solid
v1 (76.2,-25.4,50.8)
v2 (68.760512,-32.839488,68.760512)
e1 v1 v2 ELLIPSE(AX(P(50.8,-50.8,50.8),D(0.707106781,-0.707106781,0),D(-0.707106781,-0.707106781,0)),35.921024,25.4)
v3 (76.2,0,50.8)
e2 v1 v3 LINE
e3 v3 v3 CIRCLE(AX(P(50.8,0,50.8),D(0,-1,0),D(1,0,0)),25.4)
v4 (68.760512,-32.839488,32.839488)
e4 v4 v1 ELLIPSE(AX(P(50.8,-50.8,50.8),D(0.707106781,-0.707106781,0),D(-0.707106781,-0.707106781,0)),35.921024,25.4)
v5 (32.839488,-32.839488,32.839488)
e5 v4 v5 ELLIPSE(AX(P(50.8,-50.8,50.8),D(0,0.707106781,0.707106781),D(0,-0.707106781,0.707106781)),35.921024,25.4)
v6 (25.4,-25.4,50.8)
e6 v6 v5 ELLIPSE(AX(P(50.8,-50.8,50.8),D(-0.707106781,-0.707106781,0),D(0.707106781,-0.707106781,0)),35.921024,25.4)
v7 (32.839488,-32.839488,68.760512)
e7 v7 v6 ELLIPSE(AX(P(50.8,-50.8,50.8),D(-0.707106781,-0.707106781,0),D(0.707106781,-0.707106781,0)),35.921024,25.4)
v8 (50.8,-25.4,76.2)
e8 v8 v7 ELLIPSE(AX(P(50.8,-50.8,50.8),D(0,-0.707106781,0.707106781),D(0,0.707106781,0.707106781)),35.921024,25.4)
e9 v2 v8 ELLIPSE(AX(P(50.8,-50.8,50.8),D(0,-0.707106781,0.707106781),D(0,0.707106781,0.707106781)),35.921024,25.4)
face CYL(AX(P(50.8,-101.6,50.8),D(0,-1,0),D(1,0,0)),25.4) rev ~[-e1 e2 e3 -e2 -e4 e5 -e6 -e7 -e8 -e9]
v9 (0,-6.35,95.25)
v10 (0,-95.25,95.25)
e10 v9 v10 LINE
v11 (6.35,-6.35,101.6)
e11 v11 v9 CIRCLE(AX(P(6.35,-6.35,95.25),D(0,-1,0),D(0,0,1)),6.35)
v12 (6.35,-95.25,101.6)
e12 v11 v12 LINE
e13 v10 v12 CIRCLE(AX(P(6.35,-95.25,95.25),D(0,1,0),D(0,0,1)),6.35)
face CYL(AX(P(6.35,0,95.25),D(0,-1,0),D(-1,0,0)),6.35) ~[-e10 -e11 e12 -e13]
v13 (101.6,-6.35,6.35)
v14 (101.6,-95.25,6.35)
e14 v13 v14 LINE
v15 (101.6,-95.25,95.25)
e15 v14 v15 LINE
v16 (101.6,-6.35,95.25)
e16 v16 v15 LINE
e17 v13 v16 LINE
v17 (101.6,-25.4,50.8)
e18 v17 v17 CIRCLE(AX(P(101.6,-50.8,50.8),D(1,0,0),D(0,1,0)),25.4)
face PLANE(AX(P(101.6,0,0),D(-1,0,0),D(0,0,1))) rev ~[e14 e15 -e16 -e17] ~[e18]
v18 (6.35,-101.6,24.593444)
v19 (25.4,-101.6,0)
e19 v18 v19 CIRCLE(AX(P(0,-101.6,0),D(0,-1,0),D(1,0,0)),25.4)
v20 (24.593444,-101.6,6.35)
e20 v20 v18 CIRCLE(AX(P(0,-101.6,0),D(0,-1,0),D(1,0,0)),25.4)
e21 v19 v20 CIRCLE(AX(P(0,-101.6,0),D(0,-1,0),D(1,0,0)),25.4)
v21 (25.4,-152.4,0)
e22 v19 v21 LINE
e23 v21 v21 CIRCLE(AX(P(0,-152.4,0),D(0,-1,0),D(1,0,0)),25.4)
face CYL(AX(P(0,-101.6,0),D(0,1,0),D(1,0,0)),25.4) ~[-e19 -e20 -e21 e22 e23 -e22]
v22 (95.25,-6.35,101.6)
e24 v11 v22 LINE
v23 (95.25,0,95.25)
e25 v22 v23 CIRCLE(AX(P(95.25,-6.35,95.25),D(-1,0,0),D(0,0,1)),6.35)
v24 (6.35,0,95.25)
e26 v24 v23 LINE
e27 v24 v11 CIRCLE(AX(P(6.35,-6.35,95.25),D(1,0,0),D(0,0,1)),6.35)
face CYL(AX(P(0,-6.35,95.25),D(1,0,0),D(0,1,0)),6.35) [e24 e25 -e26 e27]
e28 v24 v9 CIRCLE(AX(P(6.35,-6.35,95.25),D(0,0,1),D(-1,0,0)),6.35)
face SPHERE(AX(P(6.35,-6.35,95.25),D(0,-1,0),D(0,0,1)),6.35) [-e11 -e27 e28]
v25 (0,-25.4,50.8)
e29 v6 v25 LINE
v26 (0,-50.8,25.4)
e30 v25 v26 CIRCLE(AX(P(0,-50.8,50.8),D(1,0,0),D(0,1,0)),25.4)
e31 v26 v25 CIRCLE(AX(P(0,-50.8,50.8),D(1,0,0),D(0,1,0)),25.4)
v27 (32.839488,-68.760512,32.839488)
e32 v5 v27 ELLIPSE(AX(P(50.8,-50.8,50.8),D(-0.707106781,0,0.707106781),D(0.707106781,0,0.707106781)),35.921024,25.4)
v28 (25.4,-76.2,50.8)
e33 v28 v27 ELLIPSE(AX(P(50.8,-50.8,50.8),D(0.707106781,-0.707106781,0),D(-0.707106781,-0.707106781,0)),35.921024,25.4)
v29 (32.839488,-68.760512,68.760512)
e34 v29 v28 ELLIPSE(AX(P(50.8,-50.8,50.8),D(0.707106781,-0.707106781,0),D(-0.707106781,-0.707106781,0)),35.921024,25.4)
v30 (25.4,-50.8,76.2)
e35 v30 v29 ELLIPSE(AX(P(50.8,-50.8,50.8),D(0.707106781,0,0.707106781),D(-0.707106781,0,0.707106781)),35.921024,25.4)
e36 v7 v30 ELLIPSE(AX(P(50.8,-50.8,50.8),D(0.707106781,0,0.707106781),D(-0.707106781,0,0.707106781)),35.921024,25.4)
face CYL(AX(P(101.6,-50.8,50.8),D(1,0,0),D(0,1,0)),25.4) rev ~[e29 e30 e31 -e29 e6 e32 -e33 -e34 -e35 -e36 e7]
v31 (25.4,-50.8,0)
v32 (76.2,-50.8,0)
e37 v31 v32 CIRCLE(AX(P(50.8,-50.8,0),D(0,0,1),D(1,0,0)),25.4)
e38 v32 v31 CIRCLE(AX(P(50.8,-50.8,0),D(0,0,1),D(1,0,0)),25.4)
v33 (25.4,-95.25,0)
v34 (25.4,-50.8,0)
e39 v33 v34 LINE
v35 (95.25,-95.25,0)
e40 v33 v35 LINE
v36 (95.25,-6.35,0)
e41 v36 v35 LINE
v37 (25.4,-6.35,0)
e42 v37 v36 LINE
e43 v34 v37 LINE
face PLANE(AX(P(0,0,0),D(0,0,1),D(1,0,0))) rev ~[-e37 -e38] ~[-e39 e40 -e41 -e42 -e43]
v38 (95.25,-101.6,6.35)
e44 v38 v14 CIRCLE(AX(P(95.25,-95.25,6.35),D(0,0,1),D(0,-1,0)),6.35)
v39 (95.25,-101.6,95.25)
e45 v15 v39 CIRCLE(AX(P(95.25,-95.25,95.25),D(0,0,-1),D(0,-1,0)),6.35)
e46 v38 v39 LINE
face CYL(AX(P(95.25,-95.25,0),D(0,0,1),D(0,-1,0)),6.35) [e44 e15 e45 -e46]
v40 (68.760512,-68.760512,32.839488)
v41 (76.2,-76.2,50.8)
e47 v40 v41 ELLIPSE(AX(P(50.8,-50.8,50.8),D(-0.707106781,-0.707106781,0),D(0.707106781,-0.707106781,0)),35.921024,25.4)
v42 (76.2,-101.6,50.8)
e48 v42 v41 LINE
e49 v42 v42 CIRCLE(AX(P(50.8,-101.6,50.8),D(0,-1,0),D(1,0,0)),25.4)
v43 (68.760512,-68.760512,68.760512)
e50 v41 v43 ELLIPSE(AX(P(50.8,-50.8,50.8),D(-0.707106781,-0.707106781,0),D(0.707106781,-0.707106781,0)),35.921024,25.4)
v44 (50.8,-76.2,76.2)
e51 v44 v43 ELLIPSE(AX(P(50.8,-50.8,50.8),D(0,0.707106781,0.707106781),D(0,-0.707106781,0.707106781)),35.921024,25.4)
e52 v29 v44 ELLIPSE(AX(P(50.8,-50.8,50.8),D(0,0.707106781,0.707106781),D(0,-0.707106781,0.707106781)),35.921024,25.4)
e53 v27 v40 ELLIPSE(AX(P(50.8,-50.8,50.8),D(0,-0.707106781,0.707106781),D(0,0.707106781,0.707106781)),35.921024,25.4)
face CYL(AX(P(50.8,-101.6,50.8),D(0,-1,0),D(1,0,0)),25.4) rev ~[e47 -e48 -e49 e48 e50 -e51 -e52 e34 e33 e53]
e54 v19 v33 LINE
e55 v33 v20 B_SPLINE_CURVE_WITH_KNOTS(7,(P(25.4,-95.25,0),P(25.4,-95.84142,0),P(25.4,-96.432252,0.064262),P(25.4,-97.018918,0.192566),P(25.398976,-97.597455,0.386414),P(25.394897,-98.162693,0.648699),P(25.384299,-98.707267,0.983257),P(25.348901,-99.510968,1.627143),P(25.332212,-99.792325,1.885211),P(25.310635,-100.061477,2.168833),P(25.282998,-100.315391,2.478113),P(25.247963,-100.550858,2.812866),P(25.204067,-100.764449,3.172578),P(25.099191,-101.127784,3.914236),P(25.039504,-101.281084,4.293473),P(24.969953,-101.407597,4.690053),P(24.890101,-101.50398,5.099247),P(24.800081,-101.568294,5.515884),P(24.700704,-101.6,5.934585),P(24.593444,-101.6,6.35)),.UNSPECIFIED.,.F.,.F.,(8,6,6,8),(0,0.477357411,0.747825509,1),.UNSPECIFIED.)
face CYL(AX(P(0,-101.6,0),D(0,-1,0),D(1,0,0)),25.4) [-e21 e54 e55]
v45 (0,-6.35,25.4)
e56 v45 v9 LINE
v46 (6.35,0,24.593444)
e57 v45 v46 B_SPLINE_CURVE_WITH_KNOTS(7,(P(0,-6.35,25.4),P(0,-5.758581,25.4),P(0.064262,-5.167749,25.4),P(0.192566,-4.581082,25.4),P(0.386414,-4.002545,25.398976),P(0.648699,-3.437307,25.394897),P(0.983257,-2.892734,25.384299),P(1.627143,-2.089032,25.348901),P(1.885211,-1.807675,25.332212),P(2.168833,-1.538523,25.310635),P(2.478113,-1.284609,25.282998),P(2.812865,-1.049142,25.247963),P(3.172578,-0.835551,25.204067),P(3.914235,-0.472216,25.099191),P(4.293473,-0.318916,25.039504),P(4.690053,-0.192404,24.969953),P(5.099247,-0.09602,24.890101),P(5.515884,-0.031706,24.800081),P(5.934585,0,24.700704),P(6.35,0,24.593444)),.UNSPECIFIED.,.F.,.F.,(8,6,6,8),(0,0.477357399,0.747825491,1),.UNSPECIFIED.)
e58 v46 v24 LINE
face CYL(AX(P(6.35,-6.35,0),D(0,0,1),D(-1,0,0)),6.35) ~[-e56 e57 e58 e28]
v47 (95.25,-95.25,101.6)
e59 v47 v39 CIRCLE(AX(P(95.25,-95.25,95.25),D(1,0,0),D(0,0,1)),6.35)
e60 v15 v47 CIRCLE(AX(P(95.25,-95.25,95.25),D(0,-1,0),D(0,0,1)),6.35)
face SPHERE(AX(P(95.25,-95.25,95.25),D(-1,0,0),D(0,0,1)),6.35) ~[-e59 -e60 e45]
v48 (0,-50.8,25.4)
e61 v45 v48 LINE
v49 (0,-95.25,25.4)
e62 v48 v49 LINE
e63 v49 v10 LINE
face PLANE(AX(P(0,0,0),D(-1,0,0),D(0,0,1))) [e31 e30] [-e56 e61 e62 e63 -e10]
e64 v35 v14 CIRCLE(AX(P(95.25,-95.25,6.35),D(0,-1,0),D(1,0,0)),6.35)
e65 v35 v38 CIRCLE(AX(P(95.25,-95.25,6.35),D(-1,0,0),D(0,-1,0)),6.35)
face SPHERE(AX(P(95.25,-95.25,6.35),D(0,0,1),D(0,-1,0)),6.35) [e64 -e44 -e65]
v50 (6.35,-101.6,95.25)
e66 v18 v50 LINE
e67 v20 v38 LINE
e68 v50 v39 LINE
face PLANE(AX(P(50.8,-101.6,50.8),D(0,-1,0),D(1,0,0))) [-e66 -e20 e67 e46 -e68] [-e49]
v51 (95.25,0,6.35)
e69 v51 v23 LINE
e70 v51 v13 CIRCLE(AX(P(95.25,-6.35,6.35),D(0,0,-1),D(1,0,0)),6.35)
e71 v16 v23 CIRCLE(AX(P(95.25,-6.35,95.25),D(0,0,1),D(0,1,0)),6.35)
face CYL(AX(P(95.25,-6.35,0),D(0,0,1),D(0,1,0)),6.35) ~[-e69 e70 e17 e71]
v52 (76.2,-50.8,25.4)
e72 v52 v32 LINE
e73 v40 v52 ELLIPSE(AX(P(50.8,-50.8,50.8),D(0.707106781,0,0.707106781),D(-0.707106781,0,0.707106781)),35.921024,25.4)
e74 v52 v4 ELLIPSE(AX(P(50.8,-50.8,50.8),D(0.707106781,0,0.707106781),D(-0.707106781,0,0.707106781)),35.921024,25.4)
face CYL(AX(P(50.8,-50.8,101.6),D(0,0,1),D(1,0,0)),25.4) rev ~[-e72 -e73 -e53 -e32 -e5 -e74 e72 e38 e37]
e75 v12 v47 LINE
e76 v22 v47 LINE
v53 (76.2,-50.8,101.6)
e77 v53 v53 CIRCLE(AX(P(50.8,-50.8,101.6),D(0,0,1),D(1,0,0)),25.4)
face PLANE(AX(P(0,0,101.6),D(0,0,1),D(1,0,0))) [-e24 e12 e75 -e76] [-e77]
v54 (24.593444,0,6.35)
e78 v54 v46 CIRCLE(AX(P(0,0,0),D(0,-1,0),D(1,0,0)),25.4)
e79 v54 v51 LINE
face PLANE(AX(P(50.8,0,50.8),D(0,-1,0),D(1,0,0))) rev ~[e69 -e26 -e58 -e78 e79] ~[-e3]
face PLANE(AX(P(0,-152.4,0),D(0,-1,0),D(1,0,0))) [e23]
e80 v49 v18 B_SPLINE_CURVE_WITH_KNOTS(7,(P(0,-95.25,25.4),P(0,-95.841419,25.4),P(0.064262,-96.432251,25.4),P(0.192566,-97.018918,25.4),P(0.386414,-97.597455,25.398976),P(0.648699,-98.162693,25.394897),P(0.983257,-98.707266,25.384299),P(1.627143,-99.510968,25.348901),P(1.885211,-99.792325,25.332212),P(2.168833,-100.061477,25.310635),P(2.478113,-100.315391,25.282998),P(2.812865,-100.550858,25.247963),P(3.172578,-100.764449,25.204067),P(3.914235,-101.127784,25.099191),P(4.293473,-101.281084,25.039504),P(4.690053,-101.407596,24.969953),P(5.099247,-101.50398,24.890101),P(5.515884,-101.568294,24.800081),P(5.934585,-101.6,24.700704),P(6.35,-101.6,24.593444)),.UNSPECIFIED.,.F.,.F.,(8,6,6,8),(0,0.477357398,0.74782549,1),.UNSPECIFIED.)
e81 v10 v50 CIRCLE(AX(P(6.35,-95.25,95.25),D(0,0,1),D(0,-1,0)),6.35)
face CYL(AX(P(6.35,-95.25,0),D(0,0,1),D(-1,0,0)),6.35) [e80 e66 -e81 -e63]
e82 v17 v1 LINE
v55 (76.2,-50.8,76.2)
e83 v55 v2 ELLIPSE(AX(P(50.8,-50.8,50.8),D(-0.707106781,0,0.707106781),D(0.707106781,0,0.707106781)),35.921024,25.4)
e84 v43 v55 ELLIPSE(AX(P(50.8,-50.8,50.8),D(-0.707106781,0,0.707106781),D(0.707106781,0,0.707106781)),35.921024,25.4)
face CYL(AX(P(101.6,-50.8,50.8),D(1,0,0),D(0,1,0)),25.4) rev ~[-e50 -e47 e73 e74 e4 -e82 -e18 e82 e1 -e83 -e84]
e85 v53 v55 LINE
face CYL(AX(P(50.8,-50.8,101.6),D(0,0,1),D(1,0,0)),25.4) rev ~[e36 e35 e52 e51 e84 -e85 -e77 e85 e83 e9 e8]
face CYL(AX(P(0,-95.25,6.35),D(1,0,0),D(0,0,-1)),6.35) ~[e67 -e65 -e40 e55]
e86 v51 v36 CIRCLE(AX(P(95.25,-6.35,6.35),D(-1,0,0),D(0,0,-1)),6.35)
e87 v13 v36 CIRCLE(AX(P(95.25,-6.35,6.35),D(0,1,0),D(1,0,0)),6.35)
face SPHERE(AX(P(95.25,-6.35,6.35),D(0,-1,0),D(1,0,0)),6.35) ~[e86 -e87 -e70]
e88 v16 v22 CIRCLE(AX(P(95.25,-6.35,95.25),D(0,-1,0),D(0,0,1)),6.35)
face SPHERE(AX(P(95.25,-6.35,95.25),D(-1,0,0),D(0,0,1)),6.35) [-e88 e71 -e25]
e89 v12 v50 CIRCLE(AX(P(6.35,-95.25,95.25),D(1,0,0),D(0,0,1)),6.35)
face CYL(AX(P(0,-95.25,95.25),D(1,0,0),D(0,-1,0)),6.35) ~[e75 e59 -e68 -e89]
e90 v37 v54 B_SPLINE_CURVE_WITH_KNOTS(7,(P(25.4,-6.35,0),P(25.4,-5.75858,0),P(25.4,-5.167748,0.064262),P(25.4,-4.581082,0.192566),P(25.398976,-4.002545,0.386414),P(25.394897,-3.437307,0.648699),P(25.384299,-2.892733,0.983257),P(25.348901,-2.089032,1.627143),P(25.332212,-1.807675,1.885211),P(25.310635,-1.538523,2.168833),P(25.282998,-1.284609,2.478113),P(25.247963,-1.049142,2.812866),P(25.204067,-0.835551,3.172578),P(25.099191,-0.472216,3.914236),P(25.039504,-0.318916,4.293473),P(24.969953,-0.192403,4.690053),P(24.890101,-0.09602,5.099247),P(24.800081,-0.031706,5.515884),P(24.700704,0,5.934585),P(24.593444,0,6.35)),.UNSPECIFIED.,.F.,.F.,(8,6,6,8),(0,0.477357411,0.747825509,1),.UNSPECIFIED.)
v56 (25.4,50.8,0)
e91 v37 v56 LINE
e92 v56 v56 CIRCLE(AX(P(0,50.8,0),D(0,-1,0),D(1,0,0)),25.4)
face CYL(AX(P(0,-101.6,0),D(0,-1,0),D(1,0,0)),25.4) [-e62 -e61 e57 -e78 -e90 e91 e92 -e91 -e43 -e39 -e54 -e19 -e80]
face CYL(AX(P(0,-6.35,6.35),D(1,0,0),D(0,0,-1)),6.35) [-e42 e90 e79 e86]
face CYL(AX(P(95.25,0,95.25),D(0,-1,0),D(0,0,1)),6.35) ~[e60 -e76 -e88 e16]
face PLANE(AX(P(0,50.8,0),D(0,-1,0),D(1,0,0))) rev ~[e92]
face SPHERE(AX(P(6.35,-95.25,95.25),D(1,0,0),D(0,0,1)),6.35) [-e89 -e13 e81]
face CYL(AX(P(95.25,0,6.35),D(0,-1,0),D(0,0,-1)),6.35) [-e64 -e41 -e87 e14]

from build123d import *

# Parameters (mm, degrees)
F0_W           = 101.6
F0_H           = 101.6
F1_DEPTH       = 101.6
F2_R           = 25.4
F3_DEPTH       = 101.6
F4_R           = 25.4
F5_DEPTH       = 101.6
F6_R           = 25.4
F7_DEPTH       = 101.6
F8_R           = 6.35
F10_R          = 25.4
F11_DEPTH      = 50.8
F11_DEPTH_BACK = 152.4


with BuildPart() as f1:
    # F0 (on Front) → F1 (new body)
    with BuildSketch(Plane.XZ):
        with Locations((50.8, 50.8)):
            Rectangle(F0_W, F0_H)
    extrude(amount=F1_DEPTH)

    # F2 (on face) → F3 (cut)
    with BuildSketch(Plane.XY.offset(101.6)):
        with Locations((50.8, -50.8)):
            Circle(F2_R)
    extrude(amount=-F3_DEPTH, mode=Mode.SUBTRACT)

    # F4 (on face) → F5 (cut)
    with BuildSketch(Plane.XZ.offset(101.6)):
        with Locations((50.8, 50.8)):
            Circle(F4_R)
    extrude(amount=-F5_DEPTH, mode=Mode.SUBTRACT)

    # F6 (on face) → F7 (cut)
    with BuildSketch(Plane.YZ.offset(101.6)):
        with Locations((-50.8, 50.8)):
            Circle(F6_R)
    extrude(amount=-F7_DEPTH, mode=Mode.SUBTRACT)

    # F8
    f8_edges = [f1.edges().sort_by_distance(p)[0] for p in [
        (50.8, -101.6, 101.6),
        (0, -50.8, 101.6),
        (50.8, 0, 101.6),
        (101.6, -50.8, 101.6),
        (0, -101.6, 50.8),
        (101.6, -101.6, 50.8),
        (50.8, -101.6, 0),
        (101.6, -50.8, 0),
        (101.6, 0, 50.8),
        (0, 0, 50.8),
        (50.8, 0, 0),
        (0, -50.8, 0),
    ]]
    fillet(f8_edges, radius=F8_R)

    # F10 (on offset) → F11 (join, two sides)
    with BuildSketch(Plane.XZ.offset(101.6)) as f11_sk:
        Circle(F10_R)
    extrude(amount=F11_DEPTH)
    extrude(f11_sk.sketch, amount=-F11_DEPTH_BACK)


solid = f1.part
